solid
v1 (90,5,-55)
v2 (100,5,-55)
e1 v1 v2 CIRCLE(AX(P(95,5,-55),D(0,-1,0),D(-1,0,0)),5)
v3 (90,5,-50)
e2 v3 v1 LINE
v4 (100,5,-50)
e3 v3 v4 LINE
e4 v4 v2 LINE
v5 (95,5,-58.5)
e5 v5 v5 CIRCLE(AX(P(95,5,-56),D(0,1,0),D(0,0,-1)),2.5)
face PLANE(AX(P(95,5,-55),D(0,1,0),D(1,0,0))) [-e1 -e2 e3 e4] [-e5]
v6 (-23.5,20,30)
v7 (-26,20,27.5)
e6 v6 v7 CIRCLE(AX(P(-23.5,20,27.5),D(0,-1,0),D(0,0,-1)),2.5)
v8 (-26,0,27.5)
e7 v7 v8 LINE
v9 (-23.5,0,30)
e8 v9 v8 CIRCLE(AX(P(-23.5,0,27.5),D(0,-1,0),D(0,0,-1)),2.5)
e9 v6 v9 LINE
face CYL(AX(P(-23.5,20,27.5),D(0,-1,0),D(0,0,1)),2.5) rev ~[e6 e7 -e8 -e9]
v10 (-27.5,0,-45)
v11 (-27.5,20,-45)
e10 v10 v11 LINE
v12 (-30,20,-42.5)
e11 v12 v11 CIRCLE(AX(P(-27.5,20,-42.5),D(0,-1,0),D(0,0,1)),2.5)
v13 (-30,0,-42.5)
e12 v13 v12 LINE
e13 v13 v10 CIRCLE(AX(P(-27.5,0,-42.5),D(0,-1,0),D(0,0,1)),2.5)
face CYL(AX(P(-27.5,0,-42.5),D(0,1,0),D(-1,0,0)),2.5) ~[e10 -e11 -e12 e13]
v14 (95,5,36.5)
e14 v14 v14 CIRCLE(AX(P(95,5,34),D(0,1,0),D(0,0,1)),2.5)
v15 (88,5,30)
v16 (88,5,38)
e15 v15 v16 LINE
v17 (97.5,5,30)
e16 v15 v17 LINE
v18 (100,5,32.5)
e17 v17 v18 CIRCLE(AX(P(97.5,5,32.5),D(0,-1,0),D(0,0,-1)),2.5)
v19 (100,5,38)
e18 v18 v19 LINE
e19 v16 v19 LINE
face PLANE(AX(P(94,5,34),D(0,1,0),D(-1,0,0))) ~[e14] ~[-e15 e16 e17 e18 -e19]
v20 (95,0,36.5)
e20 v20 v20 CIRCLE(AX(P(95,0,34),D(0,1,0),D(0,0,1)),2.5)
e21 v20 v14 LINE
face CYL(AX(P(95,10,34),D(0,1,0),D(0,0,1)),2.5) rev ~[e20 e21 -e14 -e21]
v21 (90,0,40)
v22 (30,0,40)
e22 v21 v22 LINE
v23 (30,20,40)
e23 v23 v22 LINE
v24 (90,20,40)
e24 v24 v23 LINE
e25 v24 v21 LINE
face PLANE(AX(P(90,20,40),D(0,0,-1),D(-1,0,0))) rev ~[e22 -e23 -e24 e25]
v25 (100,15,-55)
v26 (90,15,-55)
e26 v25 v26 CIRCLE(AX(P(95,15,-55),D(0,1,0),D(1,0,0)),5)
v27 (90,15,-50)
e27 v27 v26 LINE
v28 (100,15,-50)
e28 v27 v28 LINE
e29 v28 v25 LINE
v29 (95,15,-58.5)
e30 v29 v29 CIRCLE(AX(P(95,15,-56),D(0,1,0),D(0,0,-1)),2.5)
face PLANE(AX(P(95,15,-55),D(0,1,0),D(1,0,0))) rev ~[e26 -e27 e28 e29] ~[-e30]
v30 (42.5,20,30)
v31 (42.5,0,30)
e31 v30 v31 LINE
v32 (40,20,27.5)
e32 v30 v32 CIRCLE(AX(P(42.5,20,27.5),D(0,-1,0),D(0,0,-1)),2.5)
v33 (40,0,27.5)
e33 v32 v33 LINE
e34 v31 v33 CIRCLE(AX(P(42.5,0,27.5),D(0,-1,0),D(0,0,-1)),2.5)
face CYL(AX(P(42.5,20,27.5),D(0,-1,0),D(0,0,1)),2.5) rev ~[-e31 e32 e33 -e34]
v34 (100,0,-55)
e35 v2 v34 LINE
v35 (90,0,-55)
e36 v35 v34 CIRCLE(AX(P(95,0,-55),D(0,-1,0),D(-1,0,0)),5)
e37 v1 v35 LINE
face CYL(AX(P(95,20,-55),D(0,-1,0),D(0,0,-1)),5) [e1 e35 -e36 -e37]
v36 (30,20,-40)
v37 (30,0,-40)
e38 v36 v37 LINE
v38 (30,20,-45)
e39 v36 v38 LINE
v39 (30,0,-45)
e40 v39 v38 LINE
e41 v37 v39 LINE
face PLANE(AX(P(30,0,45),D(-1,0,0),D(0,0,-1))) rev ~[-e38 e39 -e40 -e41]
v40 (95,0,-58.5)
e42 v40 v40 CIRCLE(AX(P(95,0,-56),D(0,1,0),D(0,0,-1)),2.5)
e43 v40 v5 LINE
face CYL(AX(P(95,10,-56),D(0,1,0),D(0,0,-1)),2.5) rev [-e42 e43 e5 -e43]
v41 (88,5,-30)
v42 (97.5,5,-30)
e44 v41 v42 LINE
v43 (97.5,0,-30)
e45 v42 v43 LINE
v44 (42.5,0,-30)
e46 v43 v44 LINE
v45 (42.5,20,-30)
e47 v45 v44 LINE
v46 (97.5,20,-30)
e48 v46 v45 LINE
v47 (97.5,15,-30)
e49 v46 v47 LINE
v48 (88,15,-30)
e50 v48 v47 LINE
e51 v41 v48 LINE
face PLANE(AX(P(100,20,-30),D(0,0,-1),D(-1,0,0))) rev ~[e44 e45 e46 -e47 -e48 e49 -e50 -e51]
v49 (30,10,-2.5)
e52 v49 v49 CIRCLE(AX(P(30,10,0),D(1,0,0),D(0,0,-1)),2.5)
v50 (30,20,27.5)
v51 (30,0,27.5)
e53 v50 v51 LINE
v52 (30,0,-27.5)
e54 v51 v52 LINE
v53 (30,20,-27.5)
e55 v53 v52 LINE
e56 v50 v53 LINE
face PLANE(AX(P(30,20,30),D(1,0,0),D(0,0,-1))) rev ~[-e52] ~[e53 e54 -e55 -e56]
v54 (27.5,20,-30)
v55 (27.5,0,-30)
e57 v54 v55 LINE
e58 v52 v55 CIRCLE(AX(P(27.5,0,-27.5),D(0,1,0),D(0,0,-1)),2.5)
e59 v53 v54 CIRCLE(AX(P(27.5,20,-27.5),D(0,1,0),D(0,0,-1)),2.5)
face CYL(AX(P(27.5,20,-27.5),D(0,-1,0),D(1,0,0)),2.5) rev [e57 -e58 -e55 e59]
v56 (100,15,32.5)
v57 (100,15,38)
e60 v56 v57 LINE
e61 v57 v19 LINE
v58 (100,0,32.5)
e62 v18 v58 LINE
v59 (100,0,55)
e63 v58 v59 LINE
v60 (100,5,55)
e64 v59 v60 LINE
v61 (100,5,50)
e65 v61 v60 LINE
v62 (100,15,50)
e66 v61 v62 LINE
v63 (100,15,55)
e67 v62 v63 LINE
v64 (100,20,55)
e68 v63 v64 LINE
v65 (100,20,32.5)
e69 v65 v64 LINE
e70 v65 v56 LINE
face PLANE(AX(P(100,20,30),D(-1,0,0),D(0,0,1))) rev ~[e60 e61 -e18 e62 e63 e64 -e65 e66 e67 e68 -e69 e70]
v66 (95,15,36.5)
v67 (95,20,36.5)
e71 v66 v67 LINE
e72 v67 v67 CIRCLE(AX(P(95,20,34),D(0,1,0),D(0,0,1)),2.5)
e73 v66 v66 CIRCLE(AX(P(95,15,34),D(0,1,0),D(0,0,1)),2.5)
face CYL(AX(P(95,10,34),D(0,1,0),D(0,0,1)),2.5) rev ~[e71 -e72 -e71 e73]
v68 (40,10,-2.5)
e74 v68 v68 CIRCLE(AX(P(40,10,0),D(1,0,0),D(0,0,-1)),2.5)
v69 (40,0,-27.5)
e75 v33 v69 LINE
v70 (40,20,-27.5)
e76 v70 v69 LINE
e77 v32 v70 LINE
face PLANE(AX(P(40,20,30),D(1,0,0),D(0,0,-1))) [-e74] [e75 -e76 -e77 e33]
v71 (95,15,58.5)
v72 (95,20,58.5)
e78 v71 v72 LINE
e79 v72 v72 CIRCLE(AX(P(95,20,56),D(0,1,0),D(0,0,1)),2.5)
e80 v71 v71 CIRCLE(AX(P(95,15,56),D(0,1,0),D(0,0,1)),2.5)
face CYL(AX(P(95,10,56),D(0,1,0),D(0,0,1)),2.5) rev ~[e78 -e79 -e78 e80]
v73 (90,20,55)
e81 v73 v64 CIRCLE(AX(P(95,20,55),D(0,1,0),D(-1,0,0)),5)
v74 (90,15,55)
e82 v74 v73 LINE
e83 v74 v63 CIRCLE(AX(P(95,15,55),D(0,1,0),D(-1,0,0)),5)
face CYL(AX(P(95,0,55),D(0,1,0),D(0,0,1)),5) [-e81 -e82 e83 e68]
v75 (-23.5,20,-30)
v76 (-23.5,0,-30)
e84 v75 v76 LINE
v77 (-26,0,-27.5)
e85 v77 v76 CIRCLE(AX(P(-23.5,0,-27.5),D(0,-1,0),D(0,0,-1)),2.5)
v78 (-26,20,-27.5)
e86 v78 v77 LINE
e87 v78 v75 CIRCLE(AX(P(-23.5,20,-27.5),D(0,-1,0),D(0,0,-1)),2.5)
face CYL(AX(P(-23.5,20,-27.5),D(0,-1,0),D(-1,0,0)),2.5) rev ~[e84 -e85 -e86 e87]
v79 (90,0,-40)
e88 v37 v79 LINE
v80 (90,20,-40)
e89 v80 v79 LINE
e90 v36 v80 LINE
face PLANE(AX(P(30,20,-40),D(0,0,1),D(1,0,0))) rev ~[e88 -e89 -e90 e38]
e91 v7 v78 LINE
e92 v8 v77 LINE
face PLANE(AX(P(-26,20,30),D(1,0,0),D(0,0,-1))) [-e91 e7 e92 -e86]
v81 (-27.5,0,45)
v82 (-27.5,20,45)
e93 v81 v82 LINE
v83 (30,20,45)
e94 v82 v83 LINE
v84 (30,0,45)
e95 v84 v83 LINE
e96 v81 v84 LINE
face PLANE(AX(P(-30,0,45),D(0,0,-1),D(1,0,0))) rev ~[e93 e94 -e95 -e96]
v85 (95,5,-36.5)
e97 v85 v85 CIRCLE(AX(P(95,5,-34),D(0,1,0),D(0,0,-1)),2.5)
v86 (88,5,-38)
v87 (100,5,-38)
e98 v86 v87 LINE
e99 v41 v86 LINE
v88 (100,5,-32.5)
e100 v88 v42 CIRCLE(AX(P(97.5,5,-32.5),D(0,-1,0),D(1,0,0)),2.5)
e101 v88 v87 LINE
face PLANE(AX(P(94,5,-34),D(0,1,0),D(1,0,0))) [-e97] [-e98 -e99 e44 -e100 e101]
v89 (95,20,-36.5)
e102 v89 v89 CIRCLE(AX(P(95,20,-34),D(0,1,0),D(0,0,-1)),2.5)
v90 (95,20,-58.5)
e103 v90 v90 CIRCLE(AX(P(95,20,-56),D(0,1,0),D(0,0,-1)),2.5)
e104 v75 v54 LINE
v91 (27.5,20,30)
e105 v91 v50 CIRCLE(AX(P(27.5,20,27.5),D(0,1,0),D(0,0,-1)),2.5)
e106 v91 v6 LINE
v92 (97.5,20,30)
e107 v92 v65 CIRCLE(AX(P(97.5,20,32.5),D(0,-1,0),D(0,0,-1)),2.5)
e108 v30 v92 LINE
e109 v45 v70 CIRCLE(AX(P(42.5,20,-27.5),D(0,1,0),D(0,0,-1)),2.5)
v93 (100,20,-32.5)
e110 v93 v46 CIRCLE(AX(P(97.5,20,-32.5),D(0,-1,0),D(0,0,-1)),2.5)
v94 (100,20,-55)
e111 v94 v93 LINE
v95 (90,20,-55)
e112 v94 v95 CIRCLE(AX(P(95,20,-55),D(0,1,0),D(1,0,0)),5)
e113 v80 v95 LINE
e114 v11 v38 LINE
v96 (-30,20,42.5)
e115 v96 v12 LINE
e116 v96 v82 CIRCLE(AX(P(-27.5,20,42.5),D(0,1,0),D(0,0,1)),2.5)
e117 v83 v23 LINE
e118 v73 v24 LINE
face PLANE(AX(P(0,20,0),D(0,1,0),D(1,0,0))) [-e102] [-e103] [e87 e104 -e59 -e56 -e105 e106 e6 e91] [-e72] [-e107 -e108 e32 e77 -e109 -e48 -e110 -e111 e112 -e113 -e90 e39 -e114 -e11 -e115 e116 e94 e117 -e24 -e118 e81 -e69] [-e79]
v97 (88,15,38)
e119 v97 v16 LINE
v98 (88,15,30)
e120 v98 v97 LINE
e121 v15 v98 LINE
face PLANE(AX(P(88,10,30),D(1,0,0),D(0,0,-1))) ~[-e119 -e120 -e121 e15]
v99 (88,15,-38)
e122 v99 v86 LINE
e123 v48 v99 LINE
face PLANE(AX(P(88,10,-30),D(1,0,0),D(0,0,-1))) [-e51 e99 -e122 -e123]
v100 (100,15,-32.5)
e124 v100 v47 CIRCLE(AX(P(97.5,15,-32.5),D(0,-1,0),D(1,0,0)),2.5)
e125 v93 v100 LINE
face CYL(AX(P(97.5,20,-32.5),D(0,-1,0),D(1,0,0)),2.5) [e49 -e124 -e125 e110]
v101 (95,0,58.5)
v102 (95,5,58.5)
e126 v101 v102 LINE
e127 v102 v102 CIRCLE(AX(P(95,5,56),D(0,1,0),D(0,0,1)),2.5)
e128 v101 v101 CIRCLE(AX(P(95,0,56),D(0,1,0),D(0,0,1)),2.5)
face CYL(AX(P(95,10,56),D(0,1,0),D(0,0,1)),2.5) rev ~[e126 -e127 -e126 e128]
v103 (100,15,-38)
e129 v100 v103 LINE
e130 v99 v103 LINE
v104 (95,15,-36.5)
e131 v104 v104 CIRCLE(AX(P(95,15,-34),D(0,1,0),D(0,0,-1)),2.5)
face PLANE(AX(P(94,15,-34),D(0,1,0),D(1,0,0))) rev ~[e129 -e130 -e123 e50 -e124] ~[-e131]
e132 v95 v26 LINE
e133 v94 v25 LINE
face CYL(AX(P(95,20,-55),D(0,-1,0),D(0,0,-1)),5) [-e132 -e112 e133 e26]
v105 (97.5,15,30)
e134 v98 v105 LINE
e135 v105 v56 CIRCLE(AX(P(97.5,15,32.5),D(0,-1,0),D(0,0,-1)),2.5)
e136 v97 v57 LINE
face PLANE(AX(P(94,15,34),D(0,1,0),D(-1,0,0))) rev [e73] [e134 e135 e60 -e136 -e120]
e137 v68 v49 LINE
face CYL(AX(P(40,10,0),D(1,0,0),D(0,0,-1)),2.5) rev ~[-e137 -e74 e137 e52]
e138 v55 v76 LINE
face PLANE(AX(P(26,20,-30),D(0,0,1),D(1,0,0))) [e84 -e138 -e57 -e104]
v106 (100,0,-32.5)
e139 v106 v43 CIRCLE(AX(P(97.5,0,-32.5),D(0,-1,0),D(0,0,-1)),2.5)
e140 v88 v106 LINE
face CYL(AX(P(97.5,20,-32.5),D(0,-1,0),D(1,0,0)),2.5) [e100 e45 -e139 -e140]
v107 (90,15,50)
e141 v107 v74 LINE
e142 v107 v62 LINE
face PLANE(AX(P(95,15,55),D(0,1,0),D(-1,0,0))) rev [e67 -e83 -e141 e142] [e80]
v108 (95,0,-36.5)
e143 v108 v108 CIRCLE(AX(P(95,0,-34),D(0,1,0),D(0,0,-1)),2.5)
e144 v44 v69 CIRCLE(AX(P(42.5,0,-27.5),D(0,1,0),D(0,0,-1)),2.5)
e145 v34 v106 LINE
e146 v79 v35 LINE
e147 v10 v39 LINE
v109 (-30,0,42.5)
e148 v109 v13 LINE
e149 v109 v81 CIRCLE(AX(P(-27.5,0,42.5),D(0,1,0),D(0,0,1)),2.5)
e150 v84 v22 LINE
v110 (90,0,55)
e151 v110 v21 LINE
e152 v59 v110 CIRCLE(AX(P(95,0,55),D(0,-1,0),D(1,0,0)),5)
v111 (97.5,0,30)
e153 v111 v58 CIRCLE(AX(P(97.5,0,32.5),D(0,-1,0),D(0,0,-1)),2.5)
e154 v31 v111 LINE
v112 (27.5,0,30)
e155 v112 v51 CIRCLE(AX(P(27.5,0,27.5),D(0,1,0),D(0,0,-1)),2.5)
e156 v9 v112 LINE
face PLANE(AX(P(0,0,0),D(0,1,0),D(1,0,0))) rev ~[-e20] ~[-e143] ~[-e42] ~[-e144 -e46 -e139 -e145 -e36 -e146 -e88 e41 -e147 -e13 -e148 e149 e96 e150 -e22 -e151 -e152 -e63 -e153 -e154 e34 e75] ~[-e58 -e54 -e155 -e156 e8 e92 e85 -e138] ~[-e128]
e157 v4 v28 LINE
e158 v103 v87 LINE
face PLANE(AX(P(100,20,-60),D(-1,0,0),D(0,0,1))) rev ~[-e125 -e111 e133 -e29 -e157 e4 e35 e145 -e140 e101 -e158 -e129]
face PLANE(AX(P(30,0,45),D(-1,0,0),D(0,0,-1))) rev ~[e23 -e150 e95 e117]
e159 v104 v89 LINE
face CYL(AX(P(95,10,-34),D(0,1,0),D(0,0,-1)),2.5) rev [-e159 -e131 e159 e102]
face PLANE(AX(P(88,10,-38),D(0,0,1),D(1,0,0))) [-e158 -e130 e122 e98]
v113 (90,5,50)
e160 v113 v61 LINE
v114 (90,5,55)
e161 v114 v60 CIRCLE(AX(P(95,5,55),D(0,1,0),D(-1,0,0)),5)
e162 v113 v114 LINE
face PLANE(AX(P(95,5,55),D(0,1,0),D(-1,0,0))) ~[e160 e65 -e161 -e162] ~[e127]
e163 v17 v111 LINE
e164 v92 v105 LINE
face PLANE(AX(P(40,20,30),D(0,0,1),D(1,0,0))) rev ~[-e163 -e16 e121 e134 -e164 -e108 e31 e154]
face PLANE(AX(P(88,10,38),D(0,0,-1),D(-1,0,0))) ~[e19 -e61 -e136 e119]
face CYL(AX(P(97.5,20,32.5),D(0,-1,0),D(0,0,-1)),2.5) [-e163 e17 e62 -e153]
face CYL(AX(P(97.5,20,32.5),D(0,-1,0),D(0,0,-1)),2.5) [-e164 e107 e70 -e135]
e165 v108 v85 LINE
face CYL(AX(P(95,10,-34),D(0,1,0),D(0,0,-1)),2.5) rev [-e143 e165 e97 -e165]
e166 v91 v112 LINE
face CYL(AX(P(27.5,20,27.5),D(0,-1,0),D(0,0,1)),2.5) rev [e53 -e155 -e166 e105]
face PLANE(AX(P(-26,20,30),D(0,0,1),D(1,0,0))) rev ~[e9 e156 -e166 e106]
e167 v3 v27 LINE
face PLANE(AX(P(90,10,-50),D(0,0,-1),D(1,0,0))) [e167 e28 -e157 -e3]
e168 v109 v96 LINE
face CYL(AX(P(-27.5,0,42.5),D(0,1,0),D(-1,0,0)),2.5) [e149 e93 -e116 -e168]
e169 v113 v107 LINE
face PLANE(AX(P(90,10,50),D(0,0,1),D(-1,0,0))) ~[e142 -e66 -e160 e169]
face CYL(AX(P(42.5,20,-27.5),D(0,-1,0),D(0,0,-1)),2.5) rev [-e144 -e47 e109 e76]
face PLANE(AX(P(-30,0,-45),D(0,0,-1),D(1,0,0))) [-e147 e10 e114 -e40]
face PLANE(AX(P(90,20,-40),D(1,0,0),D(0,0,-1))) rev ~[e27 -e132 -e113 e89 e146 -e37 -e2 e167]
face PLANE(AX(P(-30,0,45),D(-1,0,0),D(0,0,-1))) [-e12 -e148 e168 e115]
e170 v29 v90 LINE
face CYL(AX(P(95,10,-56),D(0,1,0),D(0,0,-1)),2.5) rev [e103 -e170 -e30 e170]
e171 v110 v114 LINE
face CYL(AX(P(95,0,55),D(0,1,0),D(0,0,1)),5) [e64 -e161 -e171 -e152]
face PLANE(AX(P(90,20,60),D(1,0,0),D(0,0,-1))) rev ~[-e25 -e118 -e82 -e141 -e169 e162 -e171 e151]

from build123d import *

# Parameters (mm, degrees)
SKETCH1_W           = 60
SKETCH1_H           = 90
BOSS_EXTRUDE1_DEPTH = 20
EXTRUDE_THIN2_DEPTH = 20
SKETCH4_W           = 52
SKETCH4_H           = 60
CUT_EXTRUDE1_DEPTH  = 20
SKETCH5_W           = 4
SKETCH5_H           = 60
CUT_EXTRUDE2_DEPTH  = 20
SKETCH6_R           = 2.5
CUT_EXTRUDE5_DEPTH  = 20
SKETCH8_R           = 2.5
CUT_EXTRUDE6_DEPTH  = 20
FILLET1_R           = 2.5
SKETCH10_R          = 2.5
CUT_EXTRUDE8_DEPTH  = 20
FILLET4_RADIUS      = 5
FILLET4_LENGTH      = 20
FILLET5_RADIUS      = 5
FILLET5_LENGTH      = 20
FILLET7_R           = 2.5
SKETCH14_W          = 10
SKETCH14_H          = 10
SKETCH14_W_2        = 12
SKETCH14_H_2        = 8
CUT_EXTRUDE12_DEPTH = 5


with BuildPart() as part:
    # Sketch1 → Boss-Extrude1 (new body)
    with BuildSketch(Plane(origin=(0, 0, 0), x_dir=(1, 0, 0), z_dir=(0, 1, 0))):
        Rectangle(SKETCH1_W, SKETCH1_H)
    extrude(amount=BOSS_EXTRUDE1_DEPTH)

    # Sketch2 → Extrude-Thin2 (add)
    with BuildSketch(Plane(origin=(0, 20, 0), x_dir=(1, 0, 0), z_dir=(0, 1, 0))):
        Polygon((90, -60), (90, -40), (30, -40), (30, 0), (30, 40), (90, 40), (90, 60), (100, 60), (100, 30), (40, 30), (40, 0), (40, -30), (100, -30), (100, -60), align=None)
    extrude(amount=-EXTRUDE_THIN2_DEPTH)

    # Sketch4 → Cut-Extrude1 (cut)
    with BuildSketch(Plane(origin=(0, 20, 0), x_dir=(1, 0, 0), z_dir=(0, 1, 0))):
        Rectangle(SKETCH4_W, SKETCH4_H)
    extrude(amount=-CUT_EXTRUDE1_DEPTH, mode=Mode.SUBTRACT)

    # Sketch5 → Cut-Extrude2 (cut)
    with BuildSketch(Plane(origin=(0, 20, 0), x_dir=(1, 0, 0), z_dir=(0, 1, 0))):
        with Locations((28, 0)):
            Rectangle(SKETCH5_W, SKETCH5_H)
    extrude(amount=-CUT_EXTRUDE2_DEPTH, mode=Mode.SUBTRACT)

    # Sketch6 → Cut-Extrude5 (cut, symmetric)
    with BuildSketch(Plane(origin=(0, 10, 0), x_dir=(1, 0, 0), z_dir=(0, 1, 0))):
        with Locations(Location((95, -34, 0), (0, 0, 270))):
            Circle(SKETCH6_R)
    cut_extrude5 = extrude(amount=CUT_EXTRUDE5_DEPTH, both=True, mode=Mode.SUBTRACT)

    # Sketch8 → Cut-Extrude6 (cut, symmetric)
    with BuildSketch(Plane(origin=(0, 10, 0), x_dir=(1, 0, 0), z_dir=(0, 1, 0))):
        with Locations(Location((95, -56, 0), (0, 0, 270))):
            Circle(SKETCH8_R)
    cut_extrude6 = extrude(amount=CUT_EXTRUDE6_DEPTH, both=True, mode=Mode.SUBTRACT)

    # Mirror1: Cut-Extrude5, Cut-Extrude6 across plane
    add(cut_extrude5.mirror(Plane.XY), mode=Mode.SUBTRACT)
    add(cut_extrude6.mirror(Plane.XY), mode=Mode.SUBTRACT)

    # Fillet1
    fillet1_edges = [part.edges().sort_by_distance(p)[0] for p in [
        (40, 10, -30),
        (40, 10, 30),
        (-26, 10, 30),
        (-26, 10, -30),
        (30, 10, -30),
        (30, 10, 30),
        (-30, 10, -45),
        (-30, 10, 45),
    ]]
    fillet(fillet1_edges, radius=FILLET1_R)

    # Sketch10 → Cut-Extrude8 (cut)
    with BuildSketch(Plane(origin=(40, 0, 0), x_dir=(0, 0, -1), z_dir=(1, 0, 0))):
        with Locations((0, 10)):
            Circle(SKETCH10_R)
    extrude(amount=-CUT_EXTRUDE8_DEPTH, mode=Mode.SUBTRACT)

    # Fillet4: full round fillet: the end face becomes a half cylinder, R = half its width
    fillet4_face = Plane((95, 10, 60), x_dir=(0, 1, 0), z_dir=(0, 0, 1))  # on the end face: x along it, z out of the body
    fillet4_slab = fillet4_face.offset(-FILLET4_RADIUS / 2) * Box(FILLET4_LENGTH, 2 * FILLET4_RADIUS, FILLET4_RADIUS, mode=Mode.PRIVATE)  # the body's end, R deep
    fillet4_round = Plane((95, 10, 55), x_dir=(0, 0, 1), z_dir=(0, 1, 0)) * Cylinder(FILLET4_RADIUS, FILLET4_LENGTH, mode=Mode.PRIVATE)  # its axis R under the face
    add(fillet4_slab - fillet4_round, mode=Mode.SUBTRACT)

    # Fillet5: full round fillet: the end face becomes a half cylinder, R = half its width
    fillet5_face = Plane((95, 10, -60), x_dir=(0, -1, 0), z_dir=(0, 0, -1))  # on the end face: x along it, z out of the body
    fillet5_slab = fillet5_face.offset(-FILLET5_RADIUS / 2) * Box(FILLET5_LENGTH, 2 * FILLET5_RADIUS, FILLET5_RADIUS, mode=Mode.PRIVATE)  # the body's end, R deep
    fillet5_round = Plane((95, 10, -55), x_dir=(0, 0, -1), z_dir=(0, -1, 0)) * Cylinder(FILLET5_RADIUS, FILLET5_LENGTH, mode=Mode.PRIVATE)  # its axis R under the face
    add(fillet5_slab - fillet5_round, mode=Mode.SUBTRACT)

    # Fillet7
    fillet7_edges = [part.edges().sort_by_distance(p)[0] for p in [
        (100, 10, -30),
        (100, 10, 30),
    ]]
    fillet(fillet7_edges, radius=FILLET7_R)

    # Sketch14 → Cut-Extrude12 (cut, symmetric)
    with BuildSketch(Plane(origin=(0, 10, 0), x_dir=(1, 0, 0), z_dir=(0, 1, 0))):
        with Locations((95, 55)):
            Rectangle(SKETCH14_W, SKETCH14_H)
        with Locations((94, 34)):
            Rectangle(SKETCH14_W_2, SKETCH14_H_2)
    cut_extrude12 = extrude(amount=CUT_EXTRUDE12_DEPTH, both=True, mode=Mode.SUBTRACT)

    # Mirror3: Cut-Extrude12 across plane
    add(cut_extrude12.mirror(Plane.XY), mode=Mode.SUBTRACT)


solid = part.part
